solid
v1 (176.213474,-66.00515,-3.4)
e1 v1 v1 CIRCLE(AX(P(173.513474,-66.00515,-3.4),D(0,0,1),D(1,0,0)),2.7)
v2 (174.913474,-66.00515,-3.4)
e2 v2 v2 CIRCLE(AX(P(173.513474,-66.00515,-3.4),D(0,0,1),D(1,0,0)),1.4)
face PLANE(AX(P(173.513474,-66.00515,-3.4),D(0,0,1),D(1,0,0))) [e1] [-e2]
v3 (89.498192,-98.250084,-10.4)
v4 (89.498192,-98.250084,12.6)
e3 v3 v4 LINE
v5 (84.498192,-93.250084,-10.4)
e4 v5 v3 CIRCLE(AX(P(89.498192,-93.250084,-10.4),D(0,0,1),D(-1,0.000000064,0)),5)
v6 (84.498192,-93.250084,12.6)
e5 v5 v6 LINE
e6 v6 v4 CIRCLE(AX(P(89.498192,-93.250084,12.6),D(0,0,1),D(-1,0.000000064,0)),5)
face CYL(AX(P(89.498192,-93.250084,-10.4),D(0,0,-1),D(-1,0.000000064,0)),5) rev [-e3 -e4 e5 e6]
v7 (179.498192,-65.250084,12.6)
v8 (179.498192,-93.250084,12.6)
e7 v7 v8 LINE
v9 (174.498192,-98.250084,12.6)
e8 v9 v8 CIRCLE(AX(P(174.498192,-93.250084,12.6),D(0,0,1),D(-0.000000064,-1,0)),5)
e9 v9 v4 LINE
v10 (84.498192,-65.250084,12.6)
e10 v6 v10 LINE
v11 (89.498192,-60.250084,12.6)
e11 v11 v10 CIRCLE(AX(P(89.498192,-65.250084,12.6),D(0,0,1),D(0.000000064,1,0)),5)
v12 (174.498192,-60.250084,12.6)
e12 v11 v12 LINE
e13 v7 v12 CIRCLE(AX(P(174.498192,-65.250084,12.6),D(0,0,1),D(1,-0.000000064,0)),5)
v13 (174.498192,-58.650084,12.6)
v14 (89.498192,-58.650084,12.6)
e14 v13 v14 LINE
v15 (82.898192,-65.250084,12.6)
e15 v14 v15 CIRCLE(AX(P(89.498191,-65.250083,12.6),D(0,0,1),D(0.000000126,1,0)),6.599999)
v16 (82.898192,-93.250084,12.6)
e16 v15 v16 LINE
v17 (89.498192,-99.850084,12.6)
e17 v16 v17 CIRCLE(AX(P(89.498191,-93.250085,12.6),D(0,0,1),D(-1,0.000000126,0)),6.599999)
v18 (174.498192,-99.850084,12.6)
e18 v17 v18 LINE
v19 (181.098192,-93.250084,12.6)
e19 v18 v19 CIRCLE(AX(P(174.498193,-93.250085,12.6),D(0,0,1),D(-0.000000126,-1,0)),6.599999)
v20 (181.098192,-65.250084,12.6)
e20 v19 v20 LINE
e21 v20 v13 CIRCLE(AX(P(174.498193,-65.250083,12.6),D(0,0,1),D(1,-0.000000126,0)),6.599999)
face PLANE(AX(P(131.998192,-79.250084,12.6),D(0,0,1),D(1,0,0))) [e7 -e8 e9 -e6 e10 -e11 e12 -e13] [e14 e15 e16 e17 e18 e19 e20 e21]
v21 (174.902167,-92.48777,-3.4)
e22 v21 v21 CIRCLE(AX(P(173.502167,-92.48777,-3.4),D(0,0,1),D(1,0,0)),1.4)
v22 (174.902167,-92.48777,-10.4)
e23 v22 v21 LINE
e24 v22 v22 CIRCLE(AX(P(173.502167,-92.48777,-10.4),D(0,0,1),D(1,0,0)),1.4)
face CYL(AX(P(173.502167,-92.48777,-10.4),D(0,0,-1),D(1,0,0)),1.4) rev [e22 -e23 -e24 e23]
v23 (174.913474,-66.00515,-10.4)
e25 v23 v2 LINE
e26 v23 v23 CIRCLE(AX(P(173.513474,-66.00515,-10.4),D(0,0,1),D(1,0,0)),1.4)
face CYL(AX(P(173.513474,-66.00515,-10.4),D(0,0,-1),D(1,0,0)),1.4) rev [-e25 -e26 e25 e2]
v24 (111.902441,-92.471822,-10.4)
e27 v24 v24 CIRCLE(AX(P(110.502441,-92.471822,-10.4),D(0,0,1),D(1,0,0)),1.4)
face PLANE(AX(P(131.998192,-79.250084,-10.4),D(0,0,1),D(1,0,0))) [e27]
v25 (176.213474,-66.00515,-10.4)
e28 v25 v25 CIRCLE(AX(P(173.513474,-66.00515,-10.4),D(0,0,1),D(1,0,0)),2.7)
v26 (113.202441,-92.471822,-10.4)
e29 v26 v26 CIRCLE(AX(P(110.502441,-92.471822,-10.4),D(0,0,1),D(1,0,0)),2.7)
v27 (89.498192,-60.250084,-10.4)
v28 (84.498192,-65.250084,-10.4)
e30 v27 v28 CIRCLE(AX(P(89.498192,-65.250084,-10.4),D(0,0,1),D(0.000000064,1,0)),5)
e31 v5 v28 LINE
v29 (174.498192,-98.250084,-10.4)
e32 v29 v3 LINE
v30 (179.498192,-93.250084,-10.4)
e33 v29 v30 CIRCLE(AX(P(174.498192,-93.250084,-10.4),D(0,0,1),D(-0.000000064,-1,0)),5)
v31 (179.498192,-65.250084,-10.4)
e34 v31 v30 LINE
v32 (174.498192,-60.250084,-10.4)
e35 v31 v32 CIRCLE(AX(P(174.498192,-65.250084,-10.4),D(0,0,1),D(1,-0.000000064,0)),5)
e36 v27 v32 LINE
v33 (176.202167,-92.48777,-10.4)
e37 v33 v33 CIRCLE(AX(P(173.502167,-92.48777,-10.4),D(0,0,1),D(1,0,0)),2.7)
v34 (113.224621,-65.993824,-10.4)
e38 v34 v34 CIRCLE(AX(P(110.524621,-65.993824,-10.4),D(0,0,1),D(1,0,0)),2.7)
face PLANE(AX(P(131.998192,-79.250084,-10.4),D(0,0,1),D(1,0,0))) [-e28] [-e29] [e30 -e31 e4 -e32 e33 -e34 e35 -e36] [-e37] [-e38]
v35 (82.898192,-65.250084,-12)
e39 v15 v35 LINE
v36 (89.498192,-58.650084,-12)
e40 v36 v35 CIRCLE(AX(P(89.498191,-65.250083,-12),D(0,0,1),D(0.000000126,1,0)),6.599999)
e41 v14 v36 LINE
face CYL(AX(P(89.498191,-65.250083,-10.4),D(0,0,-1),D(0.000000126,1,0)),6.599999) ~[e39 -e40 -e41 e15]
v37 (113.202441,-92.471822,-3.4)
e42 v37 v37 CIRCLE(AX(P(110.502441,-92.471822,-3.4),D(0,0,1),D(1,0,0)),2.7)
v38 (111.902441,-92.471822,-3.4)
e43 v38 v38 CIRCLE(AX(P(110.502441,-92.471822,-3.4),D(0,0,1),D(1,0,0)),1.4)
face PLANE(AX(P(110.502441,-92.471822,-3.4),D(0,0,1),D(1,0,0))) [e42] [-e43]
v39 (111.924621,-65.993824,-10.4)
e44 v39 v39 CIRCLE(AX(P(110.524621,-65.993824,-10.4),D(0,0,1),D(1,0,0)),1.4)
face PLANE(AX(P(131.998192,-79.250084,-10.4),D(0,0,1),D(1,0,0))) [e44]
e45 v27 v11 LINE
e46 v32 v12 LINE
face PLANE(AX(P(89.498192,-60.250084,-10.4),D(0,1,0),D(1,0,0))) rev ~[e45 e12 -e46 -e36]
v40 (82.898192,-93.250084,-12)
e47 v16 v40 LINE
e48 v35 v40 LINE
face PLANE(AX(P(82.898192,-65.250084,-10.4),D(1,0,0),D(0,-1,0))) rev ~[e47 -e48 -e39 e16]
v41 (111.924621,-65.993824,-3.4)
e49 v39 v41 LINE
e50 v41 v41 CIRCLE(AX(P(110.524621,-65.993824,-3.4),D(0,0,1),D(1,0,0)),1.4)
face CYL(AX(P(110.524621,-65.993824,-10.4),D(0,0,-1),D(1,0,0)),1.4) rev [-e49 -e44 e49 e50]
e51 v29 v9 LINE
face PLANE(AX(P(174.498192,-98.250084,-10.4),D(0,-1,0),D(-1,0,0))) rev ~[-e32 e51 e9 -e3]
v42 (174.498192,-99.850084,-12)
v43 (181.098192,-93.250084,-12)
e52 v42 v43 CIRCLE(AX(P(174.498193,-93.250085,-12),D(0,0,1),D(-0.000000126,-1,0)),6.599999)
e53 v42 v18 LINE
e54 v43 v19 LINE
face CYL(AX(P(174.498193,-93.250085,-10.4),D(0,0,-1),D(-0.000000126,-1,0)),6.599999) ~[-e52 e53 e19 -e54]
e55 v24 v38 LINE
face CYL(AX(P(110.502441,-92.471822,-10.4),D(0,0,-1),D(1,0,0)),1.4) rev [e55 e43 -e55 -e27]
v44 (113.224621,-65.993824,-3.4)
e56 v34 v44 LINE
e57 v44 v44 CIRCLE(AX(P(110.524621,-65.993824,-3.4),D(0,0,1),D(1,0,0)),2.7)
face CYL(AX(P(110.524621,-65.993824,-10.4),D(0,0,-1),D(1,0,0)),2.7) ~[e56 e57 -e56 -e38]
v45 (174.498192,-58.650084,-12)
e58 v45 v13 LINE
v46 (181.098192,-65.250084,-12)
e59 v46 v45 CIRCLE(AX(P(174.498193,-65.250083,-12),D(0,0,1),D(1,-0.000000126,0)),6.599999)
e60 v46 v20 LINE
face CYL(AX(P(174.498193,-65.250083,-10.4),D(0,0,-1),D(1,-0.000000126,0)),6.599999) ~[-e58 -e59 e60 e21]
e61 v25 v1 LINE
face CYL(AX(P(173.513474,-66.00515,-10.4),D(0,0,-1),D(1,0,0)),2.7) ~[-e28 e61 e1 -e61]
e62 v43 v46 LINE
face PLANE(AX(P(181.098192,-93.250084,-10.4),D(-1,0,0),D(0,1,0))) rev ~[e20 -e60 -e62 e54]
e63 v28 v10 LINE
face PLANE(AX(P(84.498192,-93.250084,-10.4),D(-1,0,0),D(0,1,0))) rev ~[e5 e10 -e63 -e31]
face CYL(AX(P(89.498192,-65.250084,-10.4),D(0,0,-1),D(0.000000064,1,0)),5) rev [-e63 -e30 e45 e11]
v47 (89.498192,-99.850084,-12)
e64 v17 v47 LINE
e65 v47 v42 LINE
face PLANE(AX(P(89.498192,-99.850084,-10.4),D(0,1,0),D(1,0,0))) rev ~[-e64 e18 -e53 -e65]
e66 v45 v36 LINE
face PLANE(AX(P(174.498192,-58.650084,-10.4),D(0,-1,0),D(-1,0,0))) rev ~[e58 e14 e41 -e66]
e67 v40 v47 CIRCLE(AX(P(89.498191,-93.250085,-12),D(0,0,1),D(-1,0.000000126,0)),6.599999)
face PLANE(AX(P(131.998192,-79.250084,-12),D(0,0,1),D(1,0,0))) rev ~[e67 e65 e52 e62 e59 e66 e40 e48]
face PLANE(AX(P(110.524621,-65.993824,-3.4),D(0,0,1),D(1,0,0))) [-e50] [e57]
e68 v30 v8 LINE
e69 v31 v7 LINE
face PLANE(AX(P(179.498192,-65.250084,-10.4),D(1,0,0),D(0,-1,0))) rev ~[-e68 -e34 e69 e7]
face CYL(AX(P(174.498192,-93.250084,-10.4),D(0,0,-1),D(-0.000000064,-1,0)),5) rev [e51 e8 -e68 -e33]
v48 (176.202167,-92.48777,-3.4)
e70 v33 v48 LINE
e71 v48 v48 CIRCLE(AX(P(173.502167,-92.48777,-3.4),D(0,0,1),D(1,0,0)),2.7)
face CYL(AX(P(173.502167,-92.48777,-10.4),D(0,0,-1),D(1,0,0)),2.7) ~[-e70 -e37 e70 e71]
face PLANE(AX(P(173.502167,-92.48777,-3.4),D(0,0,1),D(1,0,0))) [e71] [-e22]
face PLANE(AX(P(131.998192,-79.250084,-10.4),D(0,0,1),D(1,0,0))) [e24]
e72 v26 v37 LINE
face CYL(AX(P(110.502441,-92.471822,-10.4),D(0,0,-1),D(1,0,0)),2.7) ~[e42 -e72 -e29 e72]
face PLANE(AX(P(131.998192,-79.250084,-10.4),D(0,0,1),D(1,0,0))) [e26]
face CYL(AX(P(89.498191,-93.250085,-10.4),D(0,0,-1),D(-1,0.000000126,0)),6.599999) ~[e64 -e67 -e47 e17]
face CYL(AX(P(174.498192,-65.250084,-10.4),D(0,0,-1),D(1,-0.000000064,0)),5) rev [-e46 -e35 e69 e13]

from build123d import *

# Parameters (mm, degrees)
SKETCH002_R      = 2.7
SKETCH002_R_2    = 1.4
EXTRUDE001_DEPTH = 7
EXTRUDE002_DEPTH = 23
EXTRUDE_DEPTH    = 1.6


with BuildPart() as pootjesm3:
    # Sketch002 (on Face10 of Extrude) → Extrude001 (new body)
    with BuildSketch(Plane.XY.offset(-10.4)):
        with Locations((90.524621, -65.993824)):
            Circle(SKETCH002_R)
        with Locations((90.524621, -65.993824)):
            Circle(SKETCH002_R_2, mode=Mode.SUBTRACT)
        with Locations((90.502441, -92.471822)):
            Circle(SKETCH002_R)
        with Locations((90.502441, -92.471822)):
            Circle(SKETCH002_R_2, mode=Mode.SUBTRACT)
        with Locations((153.513474, -66.00515)):
            Circle(SKETCH002_R)
        with Locations((153.513474, -66.00515)):
            Circle(SKETCH002_R_2, mode=Mode.SUBTRACT)
        with Locations((153.502167, -92.48777)):
            Circle(SKETCH002_R)
        with Locations((153.502167, -92.48777)):
            Circle(SKETCH002_R_2, mode=Mode.SUBTRACT)
    extrude(amount=EXTRUDE001_DEPTH)


with BuildPart() as pootjesm3_1:
    # Extrude001 placement: moved
    add(pootjesm3.part.moved(Location((20, 0, 0))))


with BuildPart() as walls:
    # Sketch → Extrude002 (new body)
    with BuildSketch(Plane.XY):
        with BuildLine():
            Line((89.498192, -99.850084), (174.498192, -99.850084))
            ThreePointArc((174.498192, -99.850084), (179.165097, -97.916989), (181.098192, -93.250084))
            Line((181.098192, -93.250084), (181.098192, -65.250084))
            ThreePointArc((181.098192, -65.250084), (179.165097, -60.583179), (174.498192, -58.650084))
            Line((174.498192, -58.650084), (89.498192, -58.650084))
            ThreePointArc((89.498192, -58.650084), (84.831287, -60.583179), (82.898192, -65.250084))
            Line((82.898192, -65.250084), (82.898192, -93.250084))
            ThreePointArc((82.898192, -93.250084), (84.831287, -97.916989), (89.498192, -99.850084))
        make_face()
        with BuildLine():
            Line((89.498192, -60.250084), (174.498192, -60.250084))
            ThreePointArc((179.498192, -65.250084), (178.033726, -61.71455), (174.498192, -60.250084))
            Line((179.498192, -65.250084), (179.498192, -93.250084))
            ThreePointArc((174.498192, -98.250084), (178.033726, -96.785618), (179.498192, -93.250084))
            Line((174.498192, -98.250084), (89.498192, -98.250084))
            ThreePointArc((84.498192, -93.250084), (85.962658, -96.785618), (89.498192, -98.250084))
            Line((84.498192, -93.250084), (84.498192, -65.250084))
            ThreePointArc((89.498192, -60.250084), (85.962658, -61.71455), (84.498192, -65.250084))
        make_face(mode=Mode.SUBTRACT)
    extrude(amount=EXTRUDE002_DEPTH)


with BuildPart() as walls_1:
    # Extrude002 placement: moved
    add(walls.part.moved(Location((0, 0, -10.4))))


with BuildPart() as doos:
    # Sketch001 → Extrude (new body)
    with BuildSketch(Plane.XY):
        with BuildLine():
            Line((89.498192, -99.850084), (174.498192, -99.850084))
            ThreePointArc((174.498192, -99.850084), (179.165097, -97.916989), (181.098192, -93.250084))
            Line((181.098192, -93.250084), (181.098192, -65.250084))
            ThreePointArc((181.098192, -65.250084), (179.165097, -60.583179), (174.498192, -58.650084))
            Line((174.498192, -58.650084), (89.498192, -58.650084))
            ThreePointArc((89.498192, -58.650084), (84.831287, -60.583179), (82.898192, -65.250084))
            Line((82.898192, -65.250084), (82.898192, -93.250084))
            ThreePointArc((82.898192, -93.250084), (84.831287, -97.916989), (89.498192, -99.850084))
        make_face()
    extrude(amount=EXTRUDE_DEPTH)


with BuildPart() as doos_1:
    # Extrude placement: moved
    add(doos.part.moved(Location((0, 0, -12))))

    # Fusion: union pootjesM3, Walls
    add(pootjesm3_1.part)
    add(walls_1.part)


solid = doos_1.part
